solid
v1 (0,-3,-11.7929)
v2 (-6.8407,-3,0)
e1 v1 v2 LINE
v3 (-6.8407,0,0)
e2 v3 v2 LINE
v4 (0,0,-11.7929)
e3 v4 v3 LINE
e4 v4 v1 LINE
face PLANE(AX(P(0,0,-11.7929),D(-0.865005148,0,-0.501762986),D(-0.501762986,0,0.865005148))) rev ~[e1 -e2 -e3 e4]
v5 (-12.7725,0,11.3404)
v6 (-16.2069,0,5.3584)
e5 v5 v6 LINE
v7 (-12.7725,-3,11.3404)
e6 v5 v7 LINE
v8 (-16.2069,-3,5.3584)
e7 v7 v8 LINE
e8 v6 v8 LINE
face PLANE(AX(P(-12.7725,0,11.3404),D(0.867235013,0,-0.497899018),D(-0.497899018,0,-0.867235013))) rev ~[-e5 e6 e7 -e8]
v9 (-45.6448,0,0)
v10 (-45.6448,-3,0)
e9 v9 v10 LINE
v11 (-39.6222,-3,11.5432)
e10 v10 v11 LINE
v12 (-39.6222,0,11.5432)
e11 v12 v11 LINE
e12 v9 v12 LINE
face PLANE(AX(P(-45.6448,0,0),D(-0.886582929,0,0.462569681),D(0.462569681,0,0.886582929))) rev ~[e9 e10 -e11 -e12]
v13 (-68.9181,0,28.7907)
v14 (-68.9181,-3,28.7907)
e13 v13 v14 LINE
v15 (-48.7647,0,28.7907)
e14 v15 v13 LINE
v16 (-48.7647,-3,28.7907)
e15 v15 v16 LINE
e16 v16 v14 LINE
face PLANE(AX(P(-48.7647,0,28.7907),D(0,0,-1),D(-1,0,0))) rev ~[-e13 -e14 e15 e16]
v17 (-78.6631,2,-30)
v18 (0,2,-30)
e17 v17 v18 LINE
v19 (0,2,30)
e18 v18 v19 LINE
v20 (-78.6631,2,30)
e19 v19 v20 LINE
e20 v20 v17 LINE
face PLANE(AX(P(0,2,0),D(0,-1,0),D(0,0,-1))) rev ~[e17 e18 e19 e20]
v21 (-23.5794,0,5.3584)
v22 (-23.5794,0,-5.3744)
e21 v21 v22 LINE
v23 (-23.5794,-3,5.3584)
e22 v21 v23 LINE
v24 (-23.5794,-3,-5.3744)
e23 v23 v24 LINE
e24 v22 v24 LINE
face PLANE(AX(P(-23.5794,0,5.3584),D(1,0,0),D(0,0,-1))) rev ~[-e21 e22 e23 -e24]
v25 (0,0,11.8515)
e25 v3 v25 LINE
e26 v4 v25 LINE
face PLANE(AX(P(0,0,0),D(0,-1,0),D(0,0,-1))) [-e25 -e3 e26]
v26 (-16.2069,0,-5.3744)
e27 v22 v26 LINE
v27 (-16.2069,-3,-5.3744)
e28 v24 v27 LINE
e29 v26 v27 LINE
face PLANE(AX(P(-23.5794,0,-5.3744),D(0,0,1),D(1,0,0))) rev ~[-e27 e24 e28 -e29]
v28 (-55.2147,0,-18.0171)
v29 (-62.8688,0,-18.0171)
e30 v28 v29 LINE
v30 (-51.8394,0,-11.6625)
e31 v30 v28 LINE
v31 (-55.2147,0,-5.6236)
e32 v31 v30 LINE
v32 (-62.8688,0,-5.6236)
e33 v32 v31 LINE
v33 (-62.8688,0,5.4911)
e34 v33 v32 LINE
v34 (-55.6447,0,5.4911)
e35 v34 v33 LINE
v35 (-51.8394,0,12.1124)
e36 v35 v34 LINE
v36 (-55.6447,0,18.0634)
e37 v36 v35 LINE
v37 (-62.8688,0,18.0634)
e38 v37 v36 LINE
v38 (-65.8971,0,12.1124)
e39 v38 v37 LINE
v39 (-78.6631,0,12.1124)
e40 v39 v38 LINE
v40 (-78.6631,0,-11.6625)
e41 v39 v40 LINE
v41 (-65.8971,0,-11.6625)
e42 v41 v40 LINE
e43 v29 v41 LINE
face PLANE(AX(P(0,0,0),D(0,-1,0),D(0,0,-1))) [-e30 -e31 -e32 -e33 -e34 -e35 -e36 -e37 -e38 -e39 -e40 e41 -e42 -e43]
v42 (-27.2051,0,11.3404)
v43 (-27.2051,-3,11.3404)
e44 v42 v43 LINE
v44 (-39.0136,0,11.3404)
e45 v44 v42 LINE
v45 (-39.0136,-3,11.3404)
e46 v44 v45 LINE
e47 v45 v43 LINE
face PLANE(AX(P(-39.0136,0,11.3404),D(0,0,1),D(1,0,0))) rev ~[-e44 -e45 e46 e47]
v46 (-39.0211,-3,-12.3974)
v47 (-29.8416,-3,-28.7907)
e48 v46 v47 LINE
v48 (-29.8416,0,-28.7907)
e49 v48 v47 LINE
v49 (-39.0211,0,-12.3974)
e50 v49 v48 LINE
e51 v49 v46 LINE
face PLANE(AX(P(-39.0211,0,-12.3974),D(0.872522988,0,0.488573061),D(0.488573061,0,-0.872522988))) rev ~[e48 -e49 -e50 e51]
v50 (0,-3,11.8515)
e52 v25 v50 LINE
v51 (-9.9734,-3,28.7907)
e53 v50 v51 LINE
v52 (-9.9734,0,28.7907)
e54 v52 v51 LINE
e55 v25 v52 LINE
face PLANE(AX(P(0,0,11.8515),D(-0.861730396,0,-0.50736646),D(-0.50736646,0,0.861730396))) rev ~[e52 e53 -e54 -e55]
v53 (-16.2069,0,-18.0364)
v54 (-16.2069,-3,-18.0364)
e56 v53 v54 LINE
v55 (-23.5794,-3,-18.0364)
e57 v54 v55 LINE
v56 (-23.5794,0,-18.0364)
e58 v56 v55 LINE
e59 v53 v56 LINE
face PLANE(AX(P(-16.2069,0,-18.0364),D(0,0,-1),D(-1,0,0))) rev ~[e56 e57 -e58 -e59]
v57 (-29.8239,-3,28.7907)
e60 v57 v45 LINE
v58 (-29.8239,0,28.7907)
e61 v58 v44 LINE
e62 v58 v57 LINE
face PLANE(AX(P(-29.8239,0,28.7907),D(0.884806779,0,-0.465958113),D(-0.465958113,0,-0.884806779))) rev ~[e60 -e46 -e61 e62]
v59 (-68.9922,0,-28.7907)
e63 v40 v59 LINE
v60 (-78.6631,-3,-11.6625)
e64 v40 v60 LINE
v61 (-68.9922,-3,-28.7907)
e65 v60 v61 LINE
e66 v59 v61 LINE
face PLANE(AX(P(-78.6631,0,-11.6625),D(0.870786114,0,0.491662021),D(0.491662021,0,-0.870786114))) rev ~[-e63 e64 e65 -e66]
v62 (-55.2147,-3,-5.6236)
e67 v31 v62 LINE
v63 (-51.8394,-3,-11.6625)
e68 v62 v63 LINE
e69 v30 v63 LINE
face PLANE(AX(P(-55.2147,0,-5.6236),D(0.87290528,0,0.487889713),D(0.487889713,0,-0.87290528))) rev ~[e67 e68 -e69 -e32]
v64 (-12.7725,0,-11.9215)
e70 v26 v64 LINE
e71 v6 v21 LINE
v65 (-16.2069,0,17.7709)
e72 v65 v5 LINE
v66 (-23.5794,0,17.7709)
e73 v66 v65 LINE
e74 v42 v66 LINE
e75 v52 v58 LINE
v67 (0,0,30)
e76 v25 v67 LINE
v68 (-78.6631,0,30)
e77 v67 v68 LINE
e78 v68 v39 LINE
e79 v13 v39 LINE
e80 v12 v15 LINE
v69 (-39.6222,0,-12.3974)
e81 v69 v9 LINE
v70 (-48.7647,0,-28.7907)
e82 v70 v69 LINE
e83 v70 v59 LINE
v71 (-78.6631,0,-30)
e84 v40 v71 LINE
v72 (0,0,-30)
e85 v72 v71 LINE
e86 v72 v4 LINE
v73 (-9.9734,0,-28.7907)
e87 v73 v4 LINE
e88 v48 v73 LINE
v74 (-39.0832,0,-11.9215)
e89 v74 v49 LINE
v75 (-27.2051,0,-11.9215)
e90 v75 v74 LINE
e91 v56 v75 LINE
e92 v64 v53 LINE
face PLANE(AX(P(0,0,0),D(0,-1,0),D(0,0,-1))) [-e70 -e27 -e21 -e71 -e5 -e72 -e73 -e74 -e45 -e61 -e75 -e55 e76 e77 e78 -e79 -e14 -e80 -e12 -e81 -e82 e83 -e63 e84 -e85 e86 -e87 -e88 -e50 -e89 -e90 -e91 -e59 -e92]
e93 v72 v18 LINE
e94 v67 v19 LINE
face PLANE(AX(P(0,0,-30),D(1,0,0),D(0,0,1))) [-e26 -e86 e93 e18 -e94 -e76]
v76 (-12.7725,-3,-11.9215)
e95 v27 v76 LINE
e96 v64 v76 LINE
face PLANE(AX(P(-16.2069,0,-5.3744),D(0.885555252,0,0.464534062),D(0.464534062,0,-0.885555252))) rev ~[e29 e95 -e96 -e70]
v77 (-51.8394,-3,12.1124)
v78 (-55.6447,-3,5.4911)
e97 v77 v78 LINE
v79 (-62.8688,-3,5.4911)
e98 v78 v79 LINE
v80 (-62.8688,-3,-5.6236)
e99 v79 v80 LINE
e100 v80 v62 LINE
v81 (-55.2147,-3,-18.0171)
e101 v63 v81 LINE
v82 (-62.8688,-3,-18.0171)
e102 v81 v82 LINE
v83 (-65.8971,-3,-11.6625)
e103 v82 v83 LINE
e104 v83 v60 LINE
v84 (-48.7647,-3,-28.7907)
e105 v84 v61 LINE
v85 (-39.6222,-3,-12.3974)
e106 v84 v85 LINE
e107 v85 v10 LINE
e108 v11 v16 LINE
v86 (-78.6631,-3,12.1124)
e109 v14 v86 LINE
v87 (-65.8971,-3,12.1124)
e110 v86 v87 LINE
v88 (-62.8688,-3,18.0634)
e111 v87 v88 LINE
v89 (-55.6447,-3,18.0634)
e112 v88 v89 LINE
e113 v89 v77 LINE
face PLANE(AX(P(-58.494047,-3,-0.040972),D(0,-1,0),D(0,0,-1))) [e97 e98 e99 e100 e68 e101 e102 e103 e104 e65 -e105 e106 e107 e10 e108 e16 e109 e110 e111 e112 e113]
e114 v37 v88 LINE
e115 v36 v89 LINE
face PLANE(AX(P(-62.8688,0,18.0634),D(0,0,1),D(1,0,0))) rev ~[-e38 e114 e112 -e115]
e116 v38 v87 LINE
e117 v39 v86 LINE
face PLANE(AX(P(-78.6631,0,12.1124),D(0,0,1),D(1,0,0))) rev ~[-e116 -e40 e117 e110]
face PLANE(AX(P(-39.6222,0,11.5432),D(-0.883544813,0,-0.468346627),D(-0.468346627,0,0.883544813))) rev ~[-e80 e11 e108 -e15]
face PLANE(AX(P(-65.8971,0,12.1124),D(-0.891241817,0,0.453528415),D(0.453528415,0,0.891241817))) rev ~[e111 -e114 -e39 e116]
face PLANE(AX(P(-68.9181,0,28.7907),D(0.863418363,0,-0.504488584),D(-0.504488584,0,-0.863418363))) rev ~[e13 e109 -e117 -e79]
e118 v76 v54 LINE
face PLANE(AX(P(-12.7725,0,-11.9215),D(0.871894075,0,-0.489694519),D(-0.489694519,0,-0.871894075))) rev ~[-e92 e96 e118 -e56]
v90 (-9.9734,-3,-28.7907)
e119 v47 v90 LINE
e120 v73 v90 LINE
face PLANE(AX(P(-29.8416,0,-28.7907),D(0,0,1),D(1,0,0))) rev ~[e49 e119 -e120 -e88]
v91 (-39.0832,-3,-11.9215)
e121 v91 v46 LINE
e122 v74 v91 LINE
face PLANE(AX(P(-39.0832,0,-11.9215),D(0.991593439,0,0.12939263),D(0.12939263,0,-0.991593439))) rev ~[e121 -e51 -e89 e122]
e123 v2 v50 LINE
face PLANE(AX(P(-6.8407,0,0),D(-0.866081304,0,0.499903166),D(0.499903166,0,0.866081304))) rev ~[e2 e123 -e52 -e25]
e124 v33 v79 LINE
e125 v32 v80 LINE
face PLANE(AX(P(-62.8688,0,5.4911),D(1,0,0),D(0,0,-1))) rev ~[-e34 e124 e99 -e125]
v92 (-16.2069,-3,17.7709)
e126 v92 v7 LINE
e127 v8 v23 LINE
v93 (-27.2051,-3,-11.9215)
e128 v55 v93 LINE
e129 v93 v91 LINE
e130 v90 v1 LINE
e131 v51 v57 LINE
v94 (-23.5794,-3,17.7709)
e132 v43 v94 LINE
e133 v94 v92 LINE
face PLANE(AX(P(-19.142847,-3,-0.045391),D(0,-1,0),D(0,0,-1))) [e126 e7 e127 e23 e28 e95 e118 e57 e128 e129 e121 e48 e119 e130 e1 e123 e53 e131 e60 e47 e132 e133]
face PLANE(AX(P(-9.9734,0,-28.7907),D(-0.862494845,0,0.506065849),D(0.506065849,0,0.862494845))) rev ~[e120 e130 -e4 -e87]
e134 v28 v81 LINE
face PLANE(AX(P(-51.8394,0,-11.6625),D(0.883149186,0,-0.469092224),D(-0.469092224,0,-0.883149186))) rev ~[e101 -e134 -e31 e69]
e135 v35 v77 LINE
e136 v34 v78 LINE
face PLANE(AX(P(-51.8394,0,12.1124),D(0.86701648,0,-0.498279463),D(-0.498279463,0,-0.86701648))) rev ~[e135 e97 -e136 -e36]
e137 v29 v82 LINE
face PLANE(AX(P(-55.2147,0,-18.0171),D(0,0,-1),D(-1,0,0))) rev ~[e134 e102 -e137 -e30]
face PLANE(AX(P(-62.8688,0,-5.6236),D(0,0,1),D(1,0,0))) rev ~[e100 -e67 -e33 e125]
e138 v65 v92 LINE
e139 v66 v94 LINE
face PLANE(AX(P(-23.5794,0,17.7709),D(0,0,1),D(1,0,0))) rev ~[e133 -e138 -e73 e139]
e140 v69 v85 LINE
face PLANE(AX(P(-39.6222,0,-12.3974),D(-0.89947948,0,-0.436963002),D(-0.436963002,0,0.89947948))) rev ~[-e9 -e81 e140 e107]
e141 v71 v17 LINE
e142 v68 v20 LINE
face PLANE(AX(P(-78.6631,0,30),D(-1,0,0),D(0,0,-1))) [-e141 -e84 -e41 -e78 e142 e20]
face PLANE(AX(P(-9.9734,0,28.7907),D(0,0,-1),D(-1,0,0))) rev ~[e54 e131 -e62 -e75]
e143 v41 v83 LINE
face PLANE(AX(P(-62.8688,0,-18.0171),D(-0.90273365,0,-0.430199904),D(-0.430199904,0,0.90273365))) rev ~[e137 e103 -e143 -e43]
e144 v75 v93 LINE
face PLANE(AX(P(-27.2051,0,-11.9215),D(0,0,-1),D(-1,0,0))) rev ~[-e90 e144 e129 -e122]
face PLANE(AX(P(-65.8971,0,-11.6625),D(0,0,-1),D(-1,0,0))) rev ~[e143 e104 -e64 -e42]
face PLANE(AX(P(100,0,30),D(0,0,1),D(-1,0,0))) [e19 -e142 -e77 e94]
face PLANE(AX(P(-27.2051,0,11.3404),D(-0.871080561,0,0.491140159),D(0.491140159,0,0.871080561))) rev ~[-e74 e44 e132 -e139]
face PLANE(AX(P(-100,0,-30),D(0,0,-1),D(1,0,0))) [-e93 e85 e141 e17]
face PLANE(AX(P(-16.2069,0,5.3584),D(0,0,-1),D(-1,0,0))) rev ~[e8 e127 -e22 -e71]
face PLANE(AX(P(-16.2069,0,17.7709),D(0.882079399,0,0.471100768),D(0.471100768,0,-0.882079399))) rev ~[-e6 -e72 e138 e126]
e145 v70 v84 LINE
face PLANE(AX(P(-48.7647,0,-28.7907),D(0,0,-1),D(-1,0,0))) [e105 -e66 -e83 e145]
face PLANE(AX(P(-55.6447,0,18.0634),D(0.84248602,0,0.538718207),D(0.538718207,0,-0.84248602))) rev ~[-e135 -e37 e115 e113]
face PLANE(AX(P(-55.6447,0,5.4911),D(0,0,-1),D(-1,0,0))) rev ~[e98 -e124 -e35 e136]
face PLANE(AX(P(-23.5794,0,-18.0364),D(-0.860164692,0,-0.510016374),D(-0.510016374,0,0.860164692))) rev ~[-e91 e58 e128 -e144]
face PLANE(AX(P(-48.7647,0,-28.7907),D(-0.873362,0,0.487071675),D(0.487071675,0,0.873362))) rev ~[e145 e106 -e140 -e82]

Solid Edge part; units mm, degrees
sketch "Sketch1" plane through (0, 0, 0) normal (0, -1, 0) x (1, 0, 0)
  line L0 (-100, -30) -> (100, -30)
  line L1 (100, -30) -> (100, 30)
  line L2 (100, 30) -> (-100, 30)
  line L3 (-100, 30) -> (-100, -30)
  dimension "D1" = 200
  dimension "D2" = 60
extrude "Protrusion1" add sketch "Sketch1" against normal blind 2
sketch "Sketch2" plane through (0, 0, 0) normal (0, -1, 0) x (1, 0, 0)
  line L0 (-39.6222, 11.5432) -> (-48.7647, 28.7907)
  line L1 (-48.7647, 28.7907) -> (-68.9181, 28.7907)
  line L2 (-68.9181, 28.7907) -> (-78.6631, 12.1124)
  line L3 (-78.6631, 12.1124) -> (-65.8971, 12.1124)
  line L4 (-65.8971, 12.1124) -> (-62.8688, 18.0634)
  line L5 (-62.8688, 18.0634) -> (-55.6447, 18.0634)
  line L6 (-55.6447, 18.0634) -> (-51.8394, 12.1124)
  line L7 (-51.8394, 12.1124) -> (-55.6447, 5.4911)
  line L8 (-55.6447, 5.4911) -> (-62.8688, 5.4911)
  line L9 (-62.8688, 5.4911) -> (-62.8688, -5.6236)
  line L10 (-62.8688, -5.6236) -> (-55.2147, -5.6236)
  line L11 (-55.2147, -5.6236) -> (-51.8394, -11.6625)
  line L12 (-51.8394, -11.6625) -> (-55.2147, -18.0171)
  line L13 (-55.2147, -18.0171) -> (-62.8688, -18.0171)
  line L14 (-62.8688, -18.0171) -> (-65.8971, -11.6625)
  line L15 (-65.8971, -11.6625) -> (-78.6631, -11.6625)
  line L16 (-78.6631, -11.6625) -> (-68.9922, -28.7907)
  line L17 (-48.7647, -28.7907) -> (-68.9922, -28.7907)
  line L18 (-48.7647, -28.7907) -> (-39.6222, -12.3974)
  line L19 (-39.6222, -12.3974) -> (-45.6448, 0)
  line L20 (-45.6448, 0) -> (-39.6222, 11.5432)
  line L21 (-29.8239, 28.7907) -> (-39.0136, 11.3404)
  line L22 (-39.0136, 11.3404) -> (-27.2051, 11.3404)
  line L23 (-27.2051, 11.3404) -> (-23.5794, 17.7709)
  line L24 (-23.5794, 17.7709) -> (-16.2069, 17.7709)
  line L25 (-16.2069, 17.7709) -> (-12.7725, 11.3404)
  line L26 (-12.7725, 11.3404) -> (-16.2069, 5.3584)
  line L27 (-16.2069, 5.3584) -> (-23.5794, 5.3584)
  line L28 (-23.5794, 5.3584) -> (-23.5794, -5.3744)
  line L29 (-23.5794, -5.3744) -> (-16.2069, -5.3744)
  line L30 (-16.2069, -5.3744) -> (-12.7725, -11.9215)
  line L31 (-12.7725, -11.9215) -> (-16.2069, -18.0364)
  line L32 (-16.2069, -18.0364) -> (-23.5794, -18.0364)
  line L33 (-23.5794, -18.0364) -> (-27.2051, -11.9215)
  line L34 (-27.2051, -11.9215) -> (-39.0832, -11.9215)
  line L35 (-39.0832, -11.9215) -> (-39.0211, -12.3974)
  line L36 (-39.0211, -12.3974) -> (-29.8416, -28.7907)
  line L37 (-29.8416, -28.7907) -> (-9.9734, -28.7907)
  line L38 (-9.9734, -28.7907) -> (0, -11.7929)
  line L39 (0, -11.7929) -> (-6.8407, 0)
  line L40 (-6.8407, 0) -> (0, 11.8515)
  line L41 (0, 11.8515) -> (-9.9734, 28.7907)
  line L42 (-9.9734, 28.7907) -> (-29.8239, 28.7907)
  line L43 (9.4303, 28.7907) -> (0, 12.3815)
  line L44 (0, 12.3815) -> (0.2872, 11.8515)
  line L45 (0.2872, 11.8515) -> (12.5492, 11.8515)
  line L46 (12.5492, 11.8515) -> (15.7991, 18.0247)
  line L47 (15.7991, 18.0247) -> (23.265, 18.0247)
  line L48 (23.265, 18.0247) -> (26.8369, 11.8515)
  line L49 (26.8369, 11.8515) -> (23.265, 5.318)
  line L50 (23.265, 5.318) -> (15.7991, 5.318)
  line L51 (15.7991, 5.318) -> (15.7991, -5.632)
  line L52 (15.7991, -5.632) -> (23.265, -5.632)
  line L53 (23.265, -5.632) -> (26.7839, -11.7003)
  line L54 (26.7839, -11.7003) -> (23.265, -17.8487)
  line L55 (23.265, -17.8487) -> (15.768, -17.8487)
  line L56 (15.768, -17.8487) -> (12.2913, -11.7003)
  line L57 (0.3007, -11.6312) -> (12.2913, -11.7003)
  line L58 (0, -12.7084) -> (0.3007, -11.6312)
  line L59 (0, -12.7084) -> (9.391, -28.7907)
  line L60 (9.391, -28.7907) -> (29.5768, -28.7907)
  line L61 (29.5768, -28.7907) -> (39.4696, -11.7929)
  line L62 (39.4696, -11.7929) -> (32.5504, 0)
  line L63 (39.014, 12.1809) -> (32.5504, 0)
  line L64 (29.5768, 28.7907) -> (39.014, 12.1809)
  line L65 (29.5768, 28.7907) -> (9.4303, 28.7907)
  line L66 (39.3531, 11.3913) -> (49.0927, 28.7907)
  line L67 (68.964, 28.7907) -> (49.0927, 28.7907)
  line L68 (78.6631, 11.3946) -> (68.964, 28.7907)
  line L69 (55.3829, -28.7907) -> (78.6631, 11.3946)
  line L70 (42.8739, -28.7907) -> (55.3829, -28.7907)
  line L71 (56.0977, -5.4746) -> (42.8739, -28.7907)
  line L72 (49.0927, -5.4746) -> (56.0977, -5.4746)
  line L73 (49.0927, -5.4746) -> (39.3531, 11.3913)
  line L74 (51.7218, 11.7746) -> (55.3868, 5.6144)
  line L75 (55.3868, 5.6144) -> (62.6387, 5.6144)
  line L76 (62.6387, 5.6144) -> (66.3037, 11.7746)
  line L77 (66.3037, 11.7746) -> (62.6387, 17.9349)
  line L78 (62.6387, 17.9349) -> (55.3868, 17.9349)
  line L79 (55.3868, 17.9349) -> (51.7218, 11.7746)
extrude "ExtrudedProtrusion_3" add sketch "Sketch2" along normal blind 3
sketch "Sketch3" plane through (0, 0, 0) normal (0, -1, 0) x (1, 0, 0)
  line L0 (0, -30) -> (0, 30)
  line L1 (0, 30) -> (100, 30)
  line L2 (100, 30) -> (100, -30)
  line L3 (100, -30) -> (0, -30)
  line L4 (-78.6631, 30) -> (-78.6631, -30)
  line L5 (-78.6631, -30) -> (-100, -30)
  line L6 (-100, -30) -> (-100, 30)
  line L7 (-100, 30) -> (-78.6631, 30)
extrude "ExtrudedCutout_1" cut sketch "Sketch3" along normal blind 14.3776
sketch "Sketch4" plane through (0, 0, 0) normal (0, -1, 0) x (1, 0, 0)
  line L0 (0, 30) -> (100, 30)
  line L1 (100, 30) -> (100, -30)
  line L2 (100, -30) -> (0, -30)
  line L3 (0, -30) -> (0, 30)
  line L4 (-100, 30) -> (-78.6631, 30)
  line L5 (-78.6631, 30) -> (-78.6631, -30)
  line L6 (-78.6631, -30) -> (-100, -30)
  line L7 (-100, -30) -> (-100, 30)
extrude "ExtrudedCutout_2" cut sketch "Sketch4" against normal blind 57.8718
properties part number "BumbleB0911"
